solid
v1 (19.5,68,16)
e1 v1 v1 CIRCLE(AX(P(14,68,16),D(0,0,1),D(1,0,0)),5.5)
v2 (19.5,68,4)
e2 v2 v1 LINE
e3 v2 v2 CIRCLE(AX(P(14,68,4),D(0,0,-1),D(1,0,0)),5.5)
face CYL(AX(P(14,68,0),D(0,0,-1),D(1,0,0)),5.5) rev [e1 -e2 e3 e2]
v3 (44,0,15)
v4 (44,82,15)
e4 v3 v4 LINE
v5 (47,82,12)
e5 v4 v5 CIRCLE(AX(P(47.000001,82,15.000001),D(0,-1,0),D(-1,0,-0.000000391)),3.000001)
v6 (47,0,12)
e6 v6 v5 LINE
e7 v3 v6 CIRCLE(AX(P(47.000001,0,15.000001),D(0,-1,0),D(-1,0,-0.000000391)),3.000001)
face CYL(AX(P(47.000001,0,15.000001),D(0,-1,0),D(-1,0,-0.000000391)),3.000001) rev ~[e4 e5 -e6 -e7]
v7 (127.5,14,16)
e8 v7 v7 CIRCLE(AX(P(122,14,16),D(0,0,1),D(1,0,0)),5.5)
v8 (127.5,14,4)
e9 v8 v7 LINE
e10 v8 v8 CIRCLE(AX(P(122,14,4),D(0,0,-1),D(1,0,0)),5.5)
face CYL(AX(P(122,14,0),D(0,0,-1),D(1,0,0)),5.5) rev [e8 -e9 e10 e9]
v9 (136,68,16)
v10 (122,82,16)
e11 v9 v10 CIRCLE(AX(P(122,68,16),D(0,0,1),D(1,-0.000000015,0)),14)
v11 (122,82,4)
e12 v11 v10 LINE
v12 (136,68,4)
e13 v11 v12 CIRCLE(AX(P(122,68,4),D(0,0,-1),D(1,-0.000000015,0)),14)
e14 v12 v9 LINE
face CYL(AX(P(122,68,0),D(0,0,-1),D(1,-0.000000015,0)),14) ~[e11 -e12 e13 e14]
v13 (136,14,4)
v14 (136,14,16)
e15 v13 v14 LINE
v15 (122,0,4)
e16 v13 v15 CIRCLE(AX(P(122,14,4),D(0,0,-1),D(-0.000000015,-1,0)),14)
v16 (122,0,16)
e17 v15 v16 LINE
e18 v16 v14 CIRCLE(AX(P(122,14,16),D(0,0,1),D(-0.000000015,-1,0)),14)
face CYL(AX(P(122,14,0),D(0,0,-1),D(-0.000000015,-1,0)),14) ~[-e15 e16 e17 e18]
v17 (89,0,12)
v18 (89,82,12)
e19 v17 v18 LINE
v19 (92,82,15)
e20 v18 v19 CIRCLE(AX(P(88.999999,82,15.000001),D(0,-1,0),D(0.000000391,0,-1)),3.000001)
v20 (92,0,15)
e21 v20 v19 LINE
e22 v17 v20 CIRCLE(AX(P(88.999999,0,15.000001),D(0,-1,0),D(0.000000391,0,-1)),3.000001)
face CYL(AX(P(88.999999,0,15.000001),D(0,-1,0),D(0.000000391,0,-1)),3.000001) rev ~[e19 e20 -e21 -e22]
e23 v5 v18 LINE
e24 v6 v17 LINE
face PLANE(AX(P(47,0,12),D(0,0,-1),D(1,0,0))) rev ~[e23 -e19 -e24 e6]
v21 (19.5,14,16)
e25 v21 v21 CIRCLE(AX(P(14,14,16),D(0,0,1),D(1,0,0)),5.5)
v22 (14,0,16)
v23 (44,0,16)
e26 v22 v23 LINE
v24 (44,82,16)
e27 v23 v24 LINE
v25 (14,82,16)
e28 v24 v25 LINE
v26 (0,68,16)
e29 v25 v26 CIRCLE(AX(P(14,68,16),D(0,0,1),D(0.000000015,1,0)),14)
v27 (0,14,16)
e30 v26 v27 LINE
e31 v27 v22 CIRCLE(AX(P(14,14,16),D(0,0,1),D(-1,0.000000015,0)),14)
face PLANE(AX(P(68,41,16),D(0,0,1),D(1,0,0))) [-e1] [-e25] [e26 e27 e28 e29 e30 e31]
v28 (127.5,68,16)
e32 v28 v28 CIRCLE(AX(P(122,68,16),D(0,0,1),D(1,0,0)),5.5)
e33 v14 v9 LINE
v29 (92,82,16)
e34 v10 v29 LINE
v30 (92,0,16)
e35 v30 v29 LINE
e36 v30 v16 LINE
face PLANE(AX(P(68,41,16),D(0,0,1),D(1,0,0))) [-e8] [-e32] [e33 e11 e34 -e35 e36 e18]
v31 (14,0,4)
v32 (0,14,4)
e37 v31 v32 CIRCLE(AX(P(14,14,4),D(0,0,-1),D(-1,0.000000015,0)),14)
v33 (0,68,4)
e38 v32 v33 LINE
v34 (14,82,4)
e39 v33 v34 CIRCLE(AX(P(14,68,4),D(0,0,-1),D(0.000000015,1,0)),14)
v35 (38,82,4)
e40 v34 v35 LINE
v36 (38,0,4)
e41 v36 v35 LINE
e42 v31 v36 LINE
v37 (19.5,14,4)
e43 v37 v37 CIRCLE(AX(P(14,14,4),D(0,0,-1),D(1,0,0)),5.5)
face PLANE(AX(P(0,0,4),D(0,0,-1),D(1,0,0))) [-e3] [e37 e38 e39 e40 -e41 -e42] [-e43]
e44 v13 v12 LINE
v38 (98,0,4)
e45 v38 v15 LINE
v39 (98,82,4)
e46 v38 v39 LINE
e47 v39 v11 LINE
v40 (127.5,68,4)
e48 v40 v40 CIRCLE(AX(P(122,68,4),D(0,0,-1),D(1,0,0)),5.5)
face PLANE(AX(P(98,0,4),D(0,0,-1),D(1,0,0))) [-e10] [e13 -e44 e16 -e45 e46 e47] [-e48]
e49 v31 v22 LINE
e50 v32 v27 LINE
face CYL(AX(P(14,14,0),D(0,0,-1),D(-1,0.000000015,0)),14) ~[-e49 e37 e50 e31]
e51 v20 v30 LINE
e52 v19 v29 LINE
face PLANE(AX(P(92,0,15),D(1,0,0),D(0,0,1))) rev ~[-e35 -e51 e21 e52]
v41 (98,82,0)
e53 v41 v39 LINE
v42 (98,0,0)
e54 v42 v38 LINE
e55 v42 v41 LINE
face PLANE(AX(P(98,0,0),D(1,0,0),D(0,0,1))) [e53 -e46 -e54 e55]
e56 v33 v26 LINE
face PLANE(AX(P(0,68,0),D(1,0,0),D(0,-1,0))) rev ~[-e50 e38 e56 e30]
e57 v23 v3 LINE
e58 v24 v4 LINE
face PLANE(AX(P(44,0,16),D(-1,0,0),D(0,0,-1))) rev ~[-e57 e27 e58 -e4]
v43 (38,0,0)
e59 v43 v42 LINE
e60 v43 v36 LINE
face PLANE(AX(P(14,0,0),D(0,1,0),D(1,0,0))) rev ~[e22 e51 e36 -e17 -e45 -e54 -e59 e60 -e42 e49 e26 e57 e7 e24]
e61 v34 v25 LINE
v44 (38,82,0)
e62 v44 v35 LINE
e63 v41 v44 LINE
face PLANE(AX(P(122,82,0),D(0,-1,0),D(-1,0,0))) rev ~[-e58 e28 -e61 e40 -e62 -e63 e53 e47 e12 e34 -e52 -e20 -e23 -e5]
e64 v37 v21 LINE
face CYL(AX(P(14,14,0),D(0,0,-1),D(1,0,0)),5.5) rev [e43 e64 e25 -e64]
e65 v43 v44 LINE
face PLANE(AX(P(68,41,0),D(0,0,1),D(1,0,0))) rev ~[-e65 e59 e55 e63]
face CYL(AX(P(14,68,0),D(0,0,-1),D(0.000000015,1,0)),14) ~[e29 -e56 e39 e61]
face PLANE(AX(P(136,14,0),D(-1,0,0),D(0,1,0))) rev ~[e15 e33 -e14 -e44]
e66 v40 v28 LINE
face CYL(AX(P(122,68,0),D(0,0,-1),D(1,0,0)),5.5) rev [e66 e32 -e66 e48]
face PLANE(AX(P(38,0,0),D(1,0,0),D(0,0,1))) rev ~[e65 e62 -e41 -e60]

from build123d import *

# Parameters (mm, degrees)
F0_R     = 5.5
F1_DEPTH = 16
F2_W     = 38
F2_H     = 4
F3_DEPTH = 82.001


with BuildPart() as f1:
    # F0 (on Top) → F1 (new body)
    with BuildSketch(Plane.XY):
        with BuildLine():
            ThreePointArc((0, 14), (4.100505, 4.100505), (14, 0))
            Line((14, 0), (122, 0))
            ThreePointArc((122, 0), (131.899495, 4.100505), (136, 14))
            Line((136, 14), (136, 68))
            ThreePointArc((136, 68), (131.899495, 77.899495), (122, 82))
            Line((122, 82), (14, 82))
            ThreePointArc((14, 82), (4.100505, 77.899495), (0, 68))
            Line((0, 68), (0, 14))
        make_face()
        with Locations((14, 14)):
            Circle(F0_R, mode=Mode.SUBTRACT)
        with Locations((122, 14)):
            Circle(F0_R, mode=Mode.SUBTRACT)
        with Locations((14, 68)):
            Circle(F0_R, mode=Mode.SUBTRACT)
        with Locations((122, 68)):
            Circle(F0_R, mode=Mode.SUBTRACT)
    extrude(amount=F1_DEPTH)

    # F2 (on face) → F3 (cut, through all)
    with BuildSketch(Plane.XZ):
        with Locations((19, 2)):
            Rectangle(F2_W, F2_H)
        with Locations((117, 2)):
            Rectangle(F2_W, F2_H)
        with BuildLine():
            Line((92, 16), (68, 16))
            Line((68, 16), (68, 12))
            Line((68, 12), (89, 12))
            ThreePointArc((89, 12), (91.12132, 12.87868), (92, 15))
            Line((92, 15), (92, 16))
        make_face()
        with BuildLine():
            Line((68, 12), (68, 16))
            Line((68, 16), (44, 16))
            Line((44, 16), (44, 15))
            ThreePointArc((44, 15), (44.87868, 12.87868), (47, 12))
            Line((47, 12), (68, 12))
        make_face()
    extrude(amount=-F3_DEPTH, mode=Mode.SUBTRACT)


solid = f1.part
